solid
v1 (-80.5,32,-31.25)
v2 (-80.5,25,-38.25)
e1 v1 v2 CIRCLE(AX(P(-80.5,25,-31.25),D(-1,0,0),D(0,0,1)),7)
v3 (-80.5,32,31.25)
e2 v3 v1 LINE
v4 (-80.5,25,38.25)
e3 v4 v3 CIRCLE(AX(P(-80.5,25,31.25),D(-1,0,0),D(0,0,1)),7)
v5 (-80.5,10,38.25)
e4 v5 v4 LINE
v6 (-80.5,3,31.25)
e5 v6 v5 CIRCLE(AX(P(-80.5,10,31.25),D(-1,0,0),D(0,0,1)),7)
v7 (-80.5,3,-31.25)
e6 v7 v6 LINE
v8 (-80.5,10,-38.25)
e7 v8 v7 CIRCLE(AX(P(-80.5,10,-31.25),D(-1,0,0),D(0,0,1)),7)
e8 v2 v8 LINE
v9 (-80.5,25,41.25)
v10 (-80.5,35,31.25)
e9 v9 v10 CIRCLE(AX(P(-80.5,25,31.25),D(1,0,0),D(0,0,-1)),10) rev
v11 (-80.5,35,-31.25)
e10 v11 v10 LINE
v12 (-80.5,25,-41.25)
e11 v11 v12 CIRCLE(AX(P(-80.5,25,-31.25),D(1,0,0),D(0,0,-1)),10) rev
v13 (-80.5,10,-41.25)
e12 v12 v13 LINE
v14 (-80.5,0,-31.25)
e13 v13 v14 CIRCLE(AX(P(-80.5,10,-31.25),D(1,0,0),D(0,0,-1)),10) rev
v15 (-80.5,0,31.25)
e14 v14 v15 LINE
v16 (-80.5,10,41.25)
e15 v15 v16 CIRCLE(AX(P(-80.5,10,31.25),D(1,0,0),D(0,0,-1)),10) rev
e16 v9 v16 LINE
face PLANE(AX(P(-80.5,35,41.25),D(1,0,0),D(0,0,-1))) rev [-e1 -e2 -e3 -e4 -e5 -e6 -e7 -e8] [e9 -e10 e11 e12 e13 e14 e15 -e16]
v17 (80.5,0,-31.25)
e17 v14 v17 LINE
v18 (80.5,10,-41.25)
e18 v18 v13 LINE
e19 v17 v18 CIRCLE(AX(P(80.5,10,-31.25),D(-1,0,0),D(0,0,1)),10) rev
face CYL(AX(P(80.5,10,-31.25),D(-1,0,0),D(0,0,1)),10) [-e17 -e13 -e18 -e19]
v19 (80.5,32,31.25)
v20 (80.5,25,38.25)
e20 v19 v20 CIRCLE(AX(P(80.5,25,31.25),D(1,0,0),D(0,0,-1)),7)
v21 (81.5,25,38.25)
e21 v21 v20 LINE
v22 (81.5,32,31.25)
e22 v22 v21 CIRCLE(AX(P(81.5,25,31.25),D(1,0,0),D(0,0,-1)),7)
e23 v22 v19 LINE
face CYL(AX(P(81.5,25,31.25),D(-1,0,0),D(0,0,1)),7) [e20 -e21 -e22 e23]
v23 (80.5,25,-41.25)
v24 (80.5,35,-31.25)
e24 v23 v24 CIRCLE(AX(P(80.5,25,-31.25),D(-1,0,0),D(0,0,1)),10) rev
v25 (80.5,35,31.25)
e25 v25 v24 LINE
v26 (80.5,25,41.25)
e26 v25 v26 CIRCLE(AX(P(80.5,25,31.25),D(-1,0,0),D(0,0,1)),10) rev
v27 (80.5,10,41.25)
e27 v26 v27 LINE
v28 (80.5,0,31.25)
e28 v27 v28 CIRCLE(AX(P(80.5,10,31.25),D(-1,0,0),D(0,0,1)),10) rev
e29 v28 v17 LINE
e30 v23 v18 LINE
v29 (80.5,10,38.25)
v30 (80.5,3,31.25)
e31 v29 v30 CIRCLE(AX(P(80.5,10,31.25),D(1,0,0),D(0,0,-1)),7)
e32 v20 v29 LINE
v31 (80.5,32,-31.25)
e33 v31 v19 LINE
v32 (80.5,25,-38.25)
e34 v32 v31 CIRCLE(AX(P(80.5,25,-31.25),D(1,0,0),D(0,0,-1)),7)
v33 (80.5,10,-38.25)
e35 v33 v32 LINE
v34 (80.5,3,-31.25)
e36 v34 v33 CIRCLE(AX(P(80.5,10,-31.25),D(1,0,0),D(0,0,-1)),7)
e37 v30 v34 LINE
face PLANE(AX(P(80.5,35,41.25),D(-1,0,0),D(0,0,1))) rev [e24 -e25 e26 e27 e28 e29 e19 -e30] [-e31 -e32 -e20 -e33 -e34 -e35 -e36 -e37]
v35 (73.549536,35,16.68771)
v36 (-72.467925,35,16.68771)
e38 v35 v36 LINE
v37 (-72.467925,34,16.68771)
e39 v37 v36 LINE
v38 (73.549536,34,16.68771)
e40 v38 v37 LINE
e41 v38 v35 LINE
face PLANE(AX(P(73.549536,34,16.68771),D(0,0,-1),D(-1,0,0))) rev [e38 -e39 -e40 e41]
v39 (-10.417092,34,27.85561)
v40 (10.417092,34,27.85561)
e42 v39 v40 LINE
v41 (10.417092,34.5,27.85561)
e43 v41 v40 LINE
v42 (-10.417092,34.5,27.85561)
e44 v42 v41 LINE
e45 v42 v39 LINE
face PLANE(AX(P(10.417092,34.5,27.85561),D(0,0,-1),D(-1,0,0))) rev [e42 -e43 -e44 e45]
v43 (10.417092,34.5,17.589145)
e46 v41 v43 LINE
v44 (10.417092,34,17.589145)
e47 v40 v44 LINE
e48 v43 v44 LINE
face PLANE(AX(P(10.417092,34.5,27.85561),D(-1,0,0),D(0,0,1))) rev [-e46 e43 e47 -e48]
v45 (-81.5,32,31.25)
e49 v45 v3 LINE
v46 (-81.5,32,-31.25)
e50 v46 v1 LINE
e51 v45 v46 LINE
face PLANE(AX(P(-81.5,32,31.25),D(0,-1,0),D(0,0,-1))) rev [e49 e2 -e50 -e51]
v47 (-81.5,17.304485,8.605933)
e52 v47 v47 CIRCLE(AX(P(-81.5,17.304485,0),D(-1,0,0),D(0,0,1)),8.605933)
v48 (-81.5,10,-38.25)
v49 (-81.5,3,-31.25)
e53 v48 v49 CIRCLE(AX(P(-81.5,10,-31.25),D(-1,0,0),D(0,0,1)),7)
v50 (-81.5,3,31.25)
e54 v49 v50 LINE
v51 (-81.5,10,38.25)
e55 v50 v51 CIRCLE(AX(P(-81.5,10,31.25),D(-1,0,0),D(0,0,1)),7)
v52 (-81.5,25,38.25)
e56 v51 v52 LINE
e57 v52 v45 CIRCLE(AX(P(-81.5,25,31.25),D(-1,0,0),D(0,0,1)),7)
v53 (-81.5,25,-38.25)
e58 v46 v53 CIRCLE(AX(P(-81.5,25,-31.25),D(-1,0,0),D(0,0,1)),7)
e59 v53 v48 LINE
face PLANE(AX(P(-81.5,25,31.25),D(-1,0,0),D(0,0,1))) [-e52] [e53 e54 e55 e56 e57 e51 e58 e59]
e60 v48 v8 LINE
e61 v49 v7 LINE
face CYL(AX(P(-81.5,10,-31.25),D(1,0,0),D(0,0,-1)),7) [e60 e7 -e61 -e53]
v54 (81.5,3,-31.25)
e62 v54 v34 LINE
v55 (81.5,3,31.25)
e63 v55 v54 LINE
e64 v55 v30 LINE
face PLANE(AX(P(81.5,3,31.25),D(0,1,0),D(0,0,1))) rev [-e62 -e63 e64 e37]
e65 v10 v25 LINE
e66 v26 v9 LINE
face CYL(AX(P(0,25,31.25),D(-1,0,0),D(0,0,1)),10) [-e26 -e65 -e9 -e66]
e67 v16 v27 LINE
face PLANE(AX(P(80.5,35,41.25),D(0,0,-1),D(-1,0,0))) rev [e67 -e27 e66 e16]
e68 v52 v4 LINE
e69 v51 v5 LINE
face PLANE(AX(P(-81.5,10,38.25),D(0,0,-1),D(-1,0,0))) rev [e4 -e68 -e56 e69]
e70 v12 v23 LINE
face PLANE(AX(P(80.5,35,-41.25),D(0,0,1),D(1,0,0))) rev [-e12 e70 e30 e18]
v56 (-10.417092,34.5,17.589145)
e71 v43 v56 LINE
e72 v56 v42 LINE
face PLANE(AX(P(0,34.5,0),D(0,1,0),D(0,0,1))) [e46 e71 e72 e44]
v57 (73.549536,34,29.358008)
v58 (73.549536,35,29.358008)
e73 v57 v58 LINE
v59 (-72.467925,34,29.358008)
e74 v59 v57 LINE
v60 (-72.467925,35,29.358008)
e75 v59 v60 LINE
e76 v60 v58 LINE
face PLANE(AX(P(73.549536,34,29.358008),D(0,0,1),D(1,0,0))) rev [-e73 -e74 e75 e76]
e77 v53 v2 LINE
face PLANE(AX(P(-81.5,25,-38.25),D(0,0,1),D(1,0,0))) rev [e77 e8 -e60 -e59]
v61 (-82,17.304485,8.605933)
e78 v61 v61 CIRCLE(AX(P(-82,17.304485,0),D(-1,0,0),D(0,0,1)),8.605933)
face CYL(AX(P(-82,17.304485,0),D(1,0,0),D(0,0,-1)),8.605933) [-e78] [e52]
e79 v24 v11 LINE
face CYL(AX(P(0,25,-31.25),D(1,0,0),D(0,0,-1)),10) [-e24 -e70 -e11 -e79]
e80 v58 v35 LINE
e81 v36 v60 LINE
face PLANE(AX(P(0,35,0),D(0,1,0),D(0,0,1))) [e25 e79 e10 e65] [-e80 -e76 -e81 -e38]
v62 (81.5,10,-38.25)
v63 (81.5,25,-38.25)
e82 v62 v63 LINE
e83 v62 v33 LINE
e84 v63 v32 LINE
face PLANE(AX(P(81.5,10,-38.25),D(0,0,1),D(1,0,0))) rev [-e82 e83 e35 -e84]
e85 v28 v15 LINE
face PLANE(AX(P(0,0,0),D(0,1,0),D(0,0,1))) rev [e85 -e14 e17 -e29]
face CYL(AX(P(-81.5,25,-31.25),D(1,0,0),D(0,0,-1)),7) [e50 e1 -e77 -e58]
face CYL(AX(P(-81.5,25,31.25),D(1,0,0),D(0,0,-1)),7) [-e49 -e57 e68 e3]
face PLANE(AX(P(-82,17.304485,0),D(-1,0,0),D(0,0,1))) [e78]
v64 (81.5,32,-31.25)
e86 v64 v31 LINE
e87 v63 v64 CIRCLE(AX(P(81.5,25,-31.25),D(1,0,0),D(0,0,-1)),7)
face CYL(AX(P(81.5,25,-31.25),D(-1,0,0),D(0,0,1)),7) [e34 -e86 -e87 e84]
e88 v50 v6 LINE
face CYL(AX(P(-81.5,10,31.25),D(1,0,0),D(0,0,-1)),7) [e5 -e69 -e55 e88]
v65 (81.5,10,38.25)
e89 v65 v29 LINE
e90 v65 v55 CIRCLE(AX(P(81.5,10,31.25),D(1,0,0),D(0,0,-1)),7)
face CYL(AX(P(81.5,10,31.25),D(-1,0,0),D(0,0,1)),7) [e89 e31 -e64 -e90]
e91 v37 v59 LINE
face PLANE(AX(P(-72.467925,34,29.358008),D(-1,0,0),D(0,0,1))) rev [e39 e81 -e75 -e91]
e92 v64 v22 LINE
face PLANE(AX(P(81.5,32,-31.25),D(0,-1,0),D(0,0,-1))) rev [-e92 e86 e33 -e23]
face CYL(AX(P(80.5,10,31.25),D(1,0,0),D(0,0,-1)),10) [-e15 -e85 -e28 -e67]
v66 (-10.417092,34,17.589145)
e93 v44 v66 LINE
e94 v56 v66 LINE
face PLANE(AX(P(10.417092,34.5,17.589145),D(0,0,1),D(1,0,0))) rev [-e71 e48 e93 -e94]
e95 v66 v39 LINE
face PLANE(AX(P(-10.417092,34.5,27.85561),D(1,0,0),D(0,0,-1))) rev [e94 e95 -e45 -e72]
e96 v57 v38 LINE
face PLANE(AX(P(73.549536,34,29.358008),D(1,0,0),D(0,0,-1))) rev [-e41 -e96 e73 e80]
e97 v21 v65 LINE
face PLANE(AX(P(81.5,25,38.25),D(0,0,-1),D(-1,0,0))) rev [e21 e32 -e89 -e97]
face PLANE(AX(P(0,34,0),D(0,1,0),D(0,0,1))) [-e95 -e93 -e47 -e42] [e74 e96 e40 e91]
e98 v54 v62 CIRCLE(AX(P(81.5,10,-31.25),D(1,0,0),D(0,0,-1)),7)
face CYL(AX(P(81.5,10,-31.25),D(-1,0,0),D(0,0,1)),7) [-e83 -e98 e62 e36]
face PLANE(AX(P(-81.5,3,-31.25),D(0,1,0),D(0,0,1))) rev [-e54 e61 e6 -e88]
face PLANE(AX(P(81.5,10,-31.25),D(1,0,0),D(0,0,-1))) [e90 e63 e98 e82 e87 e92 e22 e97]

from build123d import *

# Parameters (mm, degrees)
SKETCH1_W           = 161
SKETCH1_H           = 82.5
BOSS_EXTRUDE1_DEPTH = 35
FILLET1_R           = 10
BOSS_EXTRUDE2_DEPTH = 1
BOSS_EXTRUDE3_START = 1
BOSS_EXTRUDE3_DEPTH = 1
SKETCH4_W           = 146.0174604
SKETCH4_H           = 12.670298151
CUT_EXTRUDE1_DEPTH  = 1
SKETCH6_W           = 20.834184422
SKETCH6_H           = 10.266465629
BOSS_EXTRUDE5_DEPTH = 0.5
SKETCH7_R           = 8.605932771
BOSS_EXTRUDE6_DEPTH = 0.5


with BuildPart() as part:
    # Sketch1 → Boss-Extrude1 (new body)
    with BuildSketch(Plane(origin=(0, 0, 0), x_dir=(1, 0, 0), z_dir=(0, 1, 0))):
        Rectangle(SKETCH1_W, SKETCH1_H)
    extrude(amount=BOSS_EXTRUDE1_DEPTH)

    # Fillet1
    fillet1_edges = [part.edges().sort_by_distance(p)[0] for p in [
        (0, 35, -41.25),
        (0, 0, -41.25),
        (0, 0, 41.25),
        (0, 35, 41.25),
    ]]
    fillet(fillet1_edges, radius=FILLET1_R)

    # Sketch2 → Boss-Extrude2 (add)
    with BuildSketch(Plane(origin=(80.5, 0, 0), x_dir=(0, 0, -1), z_dir=(1, 0, 0))):
        with BuildLine():
            Line((38.25, 10), (38.25, 25))
            ThreePointArc((38.25, 25), (36.199747468, 29.949747468), (31.25, 32))
            Line((31.25, 32), (-31.25, 32))
            ThreePointArc((-31.25, 32), (-36.199747468, 29.949747468), (-38.25, 25))
            Line((-38.25, 25), (-38.25, 10))
            ThreePointArc((-38.25, 10), (-36.199747468, 5.050252532), (-31.25, 3))
            Line((-31.25, 3), (31.25, 3))
            ThreePointArc((31.25, 3), (36.199747468, 5.050252532), (38.25, 10))
        make_face()
    extrude(amount=BOSS_EXTRUDE2_DEPTH)

    # Sketch3 → Boss-Extrude3 (add)
    with BuildSketch(Plane.ZY.offset(80.5).offset(BOSS_EXTRUDE3_START)):
        with BuildLine():
            Line((31.25, 32), (-31.25, 32))
            ThreePointArc((-31.25, 32), (-36.199747468, 29.949747468), (-38.25, 25))
            Line((-38.25, 25), (-38.25, 10))
            ThreePointArc((-38.25, 10), (-36.199747468, 5.050252532), (-31.25, 3))
            Line((-31.25, 3), (31.25, 3))
            ThreePointArc((31.25, 3), (36.199747468, 5.050252532), (38.25, 10))
            Line((38.25, 10), (38.25, 25))
            ThreePointArc((38.25, 25), (36.199747468, 29.949747468), (31.25, 32))
        make_face()
    extrude(amount=-BOSS_EXTRUDE3_DEPTH)

    # Sketch4 → Cut-Extrude1 (cut)
    with BuildSketch(Plane(origin=(0, 35, 0), x_dir=(1, 0, 0), z_dir=(0, 1, 0))):
        with Locations((0.540805409, -23.022858836)):
            Rectangle(SKETCH4_W, SKETCH4_H)
    extrude(amount=-CUT_EXTRUDE1_DEPTH, mode=Mode.SUBTRACT)

    # Sketch6 → Boss-Extrude5 (add)
    with BuildSketch(Plane(origin=(0, 34, 0), x_dir=(1, 0, 0), z_dir=(0, 1, 0))):
        with Locations((0, -22.722377564)):
            Rectangle(SKETCH6_W, SKETCH6_H)
    extrude(amount=BOSS_EXTRUDE5_DEPTH)

    # Sketch7 → Boss-Extrude6 (add)
    with BuildSketch(Plane.ZY.offset(81.5)):
        with Locations((0, 17.304485336)):
            Circle(SKETCH7_R)
    extrude(amount=BOSS_EXTRUDE6_DEPTH)


solid = part.part
